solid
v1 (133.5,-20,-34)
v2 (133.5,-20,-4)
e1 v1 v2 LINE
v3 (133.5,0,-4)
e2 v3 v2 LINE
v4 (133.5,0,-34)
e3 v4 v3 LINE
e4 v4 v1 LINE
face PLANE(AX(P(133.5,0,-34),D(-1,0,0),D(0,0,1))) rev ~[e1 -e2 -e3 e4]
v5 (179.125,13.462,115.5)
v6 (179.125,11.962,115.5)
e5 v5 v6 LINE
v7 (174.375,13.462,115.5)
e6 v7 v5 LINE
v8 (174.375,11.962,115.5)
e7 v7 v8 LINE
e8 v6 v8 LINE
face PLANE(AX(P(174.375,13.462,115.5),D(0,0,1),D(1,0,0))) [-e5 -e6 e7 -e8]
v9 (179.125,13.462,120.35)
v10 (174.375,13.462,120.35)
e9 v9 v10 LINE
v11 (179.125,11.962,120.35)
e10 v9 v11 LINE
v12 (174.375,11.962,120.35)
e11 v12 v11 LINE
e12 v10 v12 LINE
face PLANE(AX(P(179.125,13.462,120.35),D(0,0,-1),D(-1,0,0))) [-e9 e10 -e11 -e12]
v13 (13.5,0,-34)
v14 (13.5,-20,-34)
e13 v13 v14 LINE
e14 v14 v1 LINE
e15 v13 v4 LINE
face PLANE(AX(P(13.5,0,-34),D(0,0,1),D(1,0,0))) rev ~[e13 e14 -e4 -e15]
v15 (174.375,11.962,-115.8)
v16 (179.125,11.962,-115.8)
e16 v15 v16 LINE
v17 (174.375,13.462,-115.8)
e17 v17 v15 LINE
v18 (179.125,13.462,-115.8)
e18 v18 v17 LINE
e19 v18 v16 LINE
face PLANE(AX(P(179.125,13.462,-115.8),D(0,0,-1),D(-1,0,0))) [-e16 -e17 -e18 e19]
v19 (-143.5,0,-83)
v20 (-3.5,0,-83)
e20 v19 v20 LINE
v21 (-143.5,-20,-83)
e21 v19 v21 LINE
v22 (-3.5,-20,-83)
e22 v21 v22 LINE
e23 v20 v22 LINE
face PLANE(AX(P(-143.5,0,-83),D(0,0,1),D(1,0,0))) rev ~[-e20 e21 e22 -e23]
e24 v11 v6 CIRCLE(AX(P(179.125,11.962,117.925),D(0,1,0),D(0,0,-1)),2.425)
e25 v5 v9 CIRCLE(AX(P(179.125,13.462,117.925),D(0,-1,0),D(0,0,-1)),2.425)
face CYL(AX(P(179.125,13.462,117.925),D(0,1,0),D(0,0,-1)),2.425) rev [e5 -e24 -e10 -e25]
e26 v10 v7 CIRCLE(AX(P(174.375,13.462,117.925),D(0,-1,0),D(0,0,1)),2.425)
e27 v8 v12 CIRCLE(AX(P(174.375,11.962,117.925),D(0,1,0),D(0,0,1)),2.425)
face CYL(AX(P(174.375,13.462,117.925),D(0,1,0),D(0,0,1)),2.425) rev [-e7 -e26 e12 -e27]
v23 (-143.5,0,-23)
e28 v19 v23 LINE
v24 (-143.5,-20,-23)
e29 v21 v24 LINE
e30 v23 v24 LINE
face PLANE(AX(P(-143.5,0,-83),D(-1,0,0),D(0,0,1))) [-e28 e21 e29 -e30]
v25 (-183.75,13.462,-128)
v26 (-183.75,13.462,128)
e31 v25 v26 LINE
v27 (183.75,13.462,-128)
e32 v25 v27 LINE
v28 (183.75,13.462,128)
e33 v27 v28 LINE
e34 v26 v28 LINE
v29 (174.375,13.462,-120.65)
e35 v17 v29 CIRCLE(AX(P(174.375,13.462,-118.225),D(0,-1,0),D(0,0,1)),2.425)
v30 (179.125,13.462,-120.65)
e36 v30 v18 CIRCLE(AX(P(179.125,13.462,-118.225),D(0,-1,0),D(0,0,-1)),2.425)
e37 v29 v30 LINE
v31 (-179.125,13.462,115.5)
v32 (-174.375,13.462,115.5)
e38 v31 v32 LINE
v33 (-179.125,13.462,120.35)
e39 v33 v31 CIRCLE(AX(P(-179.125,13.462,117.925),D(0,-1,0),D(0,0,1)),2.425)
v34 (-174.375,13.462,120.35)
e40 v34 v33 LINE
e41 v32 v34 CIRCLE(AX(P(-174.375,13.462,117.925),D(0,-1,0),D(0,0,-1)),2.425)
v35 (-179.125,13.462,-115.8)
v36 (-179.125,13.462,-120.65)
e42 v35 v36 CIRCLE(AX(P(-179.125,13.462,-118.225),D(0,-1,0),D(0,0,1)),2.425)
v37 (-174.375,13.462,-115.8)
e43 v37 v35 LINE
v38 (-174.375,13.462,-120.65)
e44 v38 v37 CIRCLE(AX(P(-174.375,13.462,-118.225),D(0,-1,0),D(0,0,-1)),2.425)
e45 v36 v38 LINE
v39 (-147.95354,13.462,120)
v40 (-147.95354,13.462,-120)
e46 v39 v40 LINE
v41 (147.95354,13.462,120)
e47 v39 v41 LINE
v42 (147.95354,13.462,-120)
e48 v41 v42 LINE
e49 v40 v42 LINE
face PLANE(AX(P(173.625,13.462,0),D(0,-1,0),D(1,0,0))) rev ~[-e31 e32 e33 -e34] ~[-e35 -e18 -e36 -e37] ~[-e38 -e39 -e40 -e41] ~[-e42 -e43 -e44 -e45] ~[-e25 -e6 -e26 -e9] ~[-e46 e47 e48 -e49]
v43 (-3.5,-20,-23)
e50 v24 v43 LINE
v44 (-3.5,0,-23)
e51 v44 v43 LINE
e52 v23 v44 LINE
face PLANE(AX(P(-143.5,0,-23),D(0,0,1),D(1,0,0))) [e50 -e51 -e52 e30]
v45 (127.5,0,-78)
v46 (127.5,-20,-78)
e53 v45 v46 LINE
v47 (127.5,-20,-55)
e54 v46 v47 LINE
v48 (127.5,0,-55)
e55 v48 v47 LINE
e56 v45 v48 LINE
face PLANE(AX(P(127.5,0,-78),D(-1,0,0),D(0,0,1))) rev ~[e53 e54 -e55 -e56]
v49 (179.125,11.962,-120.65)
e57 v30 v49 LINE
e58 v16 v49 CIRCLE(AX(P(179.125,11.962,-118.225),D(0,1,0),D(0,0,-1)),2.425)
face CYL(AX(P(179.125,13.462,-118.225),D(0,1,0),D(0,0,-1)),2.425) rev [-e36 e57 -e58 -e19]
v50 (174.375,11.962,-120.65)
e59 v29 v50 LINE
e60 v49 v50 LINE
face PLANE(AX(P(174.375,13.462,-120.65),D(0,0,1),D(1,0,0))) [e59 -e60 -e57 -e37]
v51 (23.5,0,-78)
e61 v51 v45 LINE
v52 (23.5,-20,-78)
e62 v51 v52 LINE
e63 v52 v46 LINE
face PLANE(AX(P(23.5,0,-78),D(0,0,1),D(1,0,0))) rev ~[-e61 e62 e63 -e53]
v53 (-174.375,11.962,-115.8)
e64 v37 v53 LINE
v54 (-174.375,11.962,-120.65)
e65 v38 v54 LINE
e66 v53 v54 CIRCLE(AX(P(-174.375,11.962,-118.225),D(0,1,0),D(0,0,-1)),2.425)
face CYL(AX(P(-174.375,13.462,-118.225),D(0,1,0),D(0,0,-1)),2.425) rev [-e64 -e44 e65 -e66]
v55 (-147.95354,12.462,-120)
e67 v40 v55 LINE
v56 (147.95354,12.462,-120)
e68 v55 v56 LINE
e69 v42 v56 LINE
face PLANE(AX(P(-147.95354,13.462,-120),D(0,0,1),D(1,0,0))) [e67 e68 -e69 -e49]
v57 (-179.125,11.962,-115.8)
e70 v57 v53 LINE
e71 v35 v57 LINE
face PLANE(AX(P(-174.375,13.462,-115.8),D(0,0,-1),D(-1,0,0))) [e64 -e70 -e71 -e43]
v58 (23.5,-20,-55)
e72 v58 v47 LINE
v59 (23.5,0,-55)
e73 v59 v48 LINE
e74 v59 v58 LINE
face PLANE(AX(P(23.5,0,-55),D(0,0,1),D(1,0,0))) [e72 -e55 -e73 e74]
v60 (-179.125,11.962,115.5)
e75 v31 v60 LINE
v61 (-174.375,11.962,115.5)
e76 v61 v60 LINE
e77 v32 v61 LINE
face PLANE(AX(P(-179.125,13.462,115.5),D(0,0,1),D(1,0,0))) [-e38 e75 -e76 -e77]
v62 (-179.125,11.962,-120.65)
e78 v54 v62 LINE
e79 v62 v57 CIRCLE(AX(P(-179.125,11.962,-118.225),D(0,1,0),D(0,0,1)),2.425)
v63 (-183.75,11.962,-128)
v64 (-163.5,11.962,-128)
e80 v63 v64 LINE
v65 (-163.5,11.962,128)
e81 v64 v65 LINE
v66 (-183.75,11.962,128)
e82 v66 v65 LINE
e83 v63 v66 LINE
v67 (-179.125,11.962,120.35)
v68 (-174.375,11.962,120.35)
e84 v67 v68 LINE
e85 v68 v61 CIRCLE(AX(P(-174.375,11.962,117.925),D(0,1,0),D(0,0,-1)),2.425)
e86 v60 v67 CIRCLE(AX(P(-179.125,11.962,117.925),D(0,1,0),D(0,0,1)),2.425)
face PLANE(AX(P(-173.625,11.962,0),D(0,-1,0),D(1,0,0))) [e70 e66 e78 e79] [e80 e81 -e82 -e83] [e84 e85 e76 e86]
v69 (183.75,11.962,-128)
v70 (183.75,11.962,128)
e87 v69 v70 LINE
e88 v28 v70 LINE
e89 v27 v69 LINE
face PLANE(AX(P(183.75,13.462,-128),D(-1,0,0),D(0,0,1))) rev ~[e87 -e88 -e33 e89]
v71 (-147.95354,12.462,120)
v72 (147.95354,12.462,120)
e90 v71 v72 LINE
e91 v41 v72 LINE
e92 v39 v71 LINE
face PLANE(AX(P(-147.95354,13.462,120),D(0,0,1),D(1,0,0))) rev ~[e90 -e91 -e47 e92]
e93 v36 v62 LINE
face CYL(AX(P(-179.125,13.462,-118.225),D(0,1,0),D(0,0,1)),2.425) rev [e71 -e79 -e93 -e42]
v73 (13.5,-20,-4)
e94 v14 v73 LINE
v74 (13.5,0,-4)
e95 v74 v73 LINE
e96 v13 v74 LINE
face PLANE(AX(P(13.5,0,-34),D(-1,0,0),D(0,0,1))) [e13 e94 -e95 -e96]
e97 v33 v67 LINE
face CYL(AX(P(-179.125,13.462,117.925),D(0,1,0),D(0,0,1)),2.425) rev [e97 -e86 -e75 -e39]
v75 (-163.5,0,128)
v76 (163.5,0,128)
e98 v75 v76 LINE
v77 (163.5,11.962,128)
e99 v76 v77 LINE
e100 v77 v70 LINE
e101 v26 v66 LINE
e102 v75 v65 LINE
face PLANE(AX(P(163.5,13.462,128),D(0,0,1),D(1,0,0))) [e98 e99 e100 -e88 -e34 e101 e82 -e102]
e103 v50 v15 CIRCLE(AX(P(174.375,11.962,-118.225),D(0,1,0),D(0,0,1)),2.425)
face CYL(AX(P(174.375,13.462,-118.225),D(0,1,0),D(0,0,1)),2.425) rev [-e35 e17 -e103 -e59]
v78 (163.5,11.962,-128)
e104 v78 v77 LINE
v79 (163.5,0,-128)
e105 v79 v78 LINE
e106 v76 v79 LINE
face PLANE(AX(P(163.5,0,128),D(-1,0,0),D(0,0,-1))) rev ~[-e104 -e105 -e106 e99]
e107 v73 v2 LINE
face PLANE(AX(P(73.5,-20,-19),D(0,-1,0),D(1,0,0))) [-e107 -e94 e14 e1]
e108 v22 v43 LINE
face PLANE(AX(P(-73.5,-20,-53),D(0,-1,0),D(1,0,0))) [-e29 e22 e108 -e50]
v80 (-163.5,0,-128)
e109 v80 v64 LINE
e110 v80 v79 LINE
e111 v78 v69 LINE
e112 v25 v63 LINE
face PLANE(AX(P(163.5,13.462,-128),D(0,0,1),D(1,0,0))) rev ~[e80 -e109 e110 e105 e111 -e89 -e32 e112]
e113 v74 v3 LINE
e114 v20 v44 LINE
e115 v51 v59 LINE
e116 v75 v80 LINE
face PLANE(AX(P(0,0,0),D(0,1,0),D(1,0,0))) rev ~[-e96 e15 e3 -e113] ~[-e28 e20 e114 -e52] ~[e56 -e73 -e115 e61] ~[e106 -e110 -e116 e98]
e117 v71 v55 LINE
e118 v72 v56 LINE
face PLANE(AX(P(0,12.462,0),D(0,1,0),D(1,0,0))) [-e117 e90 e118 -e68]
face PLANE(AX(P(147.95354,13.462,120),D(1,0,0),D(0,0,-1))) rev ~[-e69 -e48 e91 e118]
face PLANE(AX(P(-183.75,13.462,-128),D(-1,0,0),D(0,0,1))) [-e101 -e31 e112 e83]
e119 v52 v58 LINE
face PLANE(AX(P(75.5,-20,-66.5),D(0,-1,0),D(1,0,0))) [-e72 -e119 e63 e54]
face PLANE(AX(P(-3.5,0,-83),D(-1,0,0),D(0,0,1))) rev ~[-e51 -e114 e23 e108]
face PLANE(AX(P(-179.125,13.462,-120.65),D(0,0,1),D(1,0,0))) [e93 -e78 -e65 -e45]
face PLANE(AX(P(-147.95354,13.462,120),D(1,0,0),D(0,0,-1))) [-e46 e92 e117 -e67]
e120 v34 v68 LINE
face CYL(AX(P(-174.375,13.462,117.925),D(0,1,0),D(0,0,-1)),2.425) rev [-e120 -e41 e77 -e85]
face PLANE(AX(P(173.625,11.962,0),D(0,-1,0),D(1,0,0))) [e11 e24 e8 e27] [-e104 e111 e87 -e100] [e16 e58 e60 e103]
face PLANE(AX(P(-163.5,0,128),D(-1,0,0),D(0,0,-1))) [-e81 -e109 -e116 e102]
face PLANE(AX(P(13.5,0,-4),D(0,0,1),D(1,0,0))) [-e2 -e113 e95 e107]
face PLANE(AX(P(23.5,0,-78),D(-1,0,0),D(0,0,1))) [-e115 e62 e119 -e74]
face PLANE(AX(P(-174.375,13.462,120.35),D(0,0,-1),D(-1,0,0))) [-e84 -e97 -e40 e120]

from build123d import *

# Parameters (mm, degrees)
SKETCH1_W           = 327
SKETCH1_H           = 256
BOSS_EXTRUDE1_DEPTH = 13.462
SKETCH2_W           = 20.25
SKETCH2_H           = 256
BOSS_EXTRUDE2_DEPTH = 1.5
SKETCH3_W           = 295.90708001
SKETCH3_H           = 240
CUT_EXTRUDE1_DEPTH  = 1
SKETCH4_W           = 140
SKETCH4_H           = 60
SKETCH4_W_2         = 120
SKETCH4_H_2         = 30
SKETCH4_W_3         = 104
SKETCH4_H_3         = 23
BOSS_EXTRUDE4_DEPTH = 20
CUT_EXTRUDE2_DEPTH  = 227.423867876


with BuildPart() as part:
    # Sketch1 → Boss-Extrude1 (new body)
    with BuildSketch(Plane(origin=(0, 0, 0), x_dir=(1, 0, 0), z_dir=(0, 1, 0))):
        Rectangle(SKETCH1_W, SKETCH1_H)
    extrude(amount=BOSS_EXTRUDE1_DEPTH)

    # Sketch2 → Boss-Extrude2 (add)
    with BuildSketch(Plane.XZ.offset(-13.462)):
        with Locations((173.625, 0)):
            Rectangle(SKETCH2_W, SKETCH2_H)
        with Locations((-173.625, 0)):
            Rectangle(SKETCH2_W, SKETCH2_H)
    extrude(amount=BOSS_EXTRUDE2_DEPTH)

    # Sketch3 → Cut-Extrude1 (cut)
    with BuildSketch(Plane(origin=(0, 13.462, 0), x_dir=(1, 0, 0), z_dir=(0, 1, 0))):
        Rectangle(SKETCH3_W, SKETCH3_H)
    extrude(amount=-CUT_EXTRUDE1_DEPTH, mode=Mode.SUBTRACT)

    # Sketch4 → Boss-Extrude4 (add)
    with BuildSketch(Plane.XZ):
        with Locations((-73.5, -53)):
            Rectangle(SKETCH4_W, SKETCH4_H)
        with Locations((73.5, -19)):
            Rectangle(SKETCH4_W_2, SKETCH4_H_2)
        with Locations((75.5, -66.5)):
            Rectangle(SKETCH4_W_3, SKETCH4_H_3)
    extrude(amount=BOSS_EXTRUDE4_DEPTH)

    # Sketch5 → Cut-Extrude2 (cut, through all)
    with BuildSketch(Plane(origin=(0, 13.462, 0), x_dir=(1, 0, 0), z_dir=(0, 1, 0))):
        with BuildLine():
            Line((174.375, 120.65), (179.125, 120.65))
            ThreePointArc((179.125, 120.65), (181.55, 118.225), (179.125, 115.8))
            Line((179.125, 115.8), (174.375, 115.8))
            ThreePointArc((174.375, 115.8), (171.95, 118.225), (174.375, 120.65))
        make_face()
        with BuildLine():
            Line((-179.125, 120.65), (-174.375, 120.65))
            ThreePointArc((-174.375, 120.65), (-171.95, 118.225), (-174.375, 115.8))
            Line((-174.375, 115.8), (-179.125, 115.8))
            ThreePointArc((-179.125, 115.8), (-181.55, 118.225), (-179.125, 120.65))
        make_face()
        with BuildLine():
            Line((-179.125, -115.5), (-174.375, -115.5))
            ThreePointArc((-174.375, -115.5), (-171.95, -117.925), (-174.375, -120.35))
            Line((-174.375, -120.35), (-179.125, -120.35))
            ThreePointArc((-179.125, -120.35), (-181.55, -117.925), (-179.125, -115.5))
        make_face()
        with BuildLine():
            Line((174.375, -115.5), (179.125, -115.5))
            ThreePointArc((179.125, -115.5), (181.55, -117.925), (179.125, -120.35))
            Line((179.125, -120.35), (174.375, -120.35))
            ThreePointArc((174.375, -120.35), (171.95, -117.925), (174.375, -115.5))
        make_face()
    extrude(amount=-CUT_EXTRUDE2_DEPTH, mode=Mode.SUBTRACT)


solid = part.part
